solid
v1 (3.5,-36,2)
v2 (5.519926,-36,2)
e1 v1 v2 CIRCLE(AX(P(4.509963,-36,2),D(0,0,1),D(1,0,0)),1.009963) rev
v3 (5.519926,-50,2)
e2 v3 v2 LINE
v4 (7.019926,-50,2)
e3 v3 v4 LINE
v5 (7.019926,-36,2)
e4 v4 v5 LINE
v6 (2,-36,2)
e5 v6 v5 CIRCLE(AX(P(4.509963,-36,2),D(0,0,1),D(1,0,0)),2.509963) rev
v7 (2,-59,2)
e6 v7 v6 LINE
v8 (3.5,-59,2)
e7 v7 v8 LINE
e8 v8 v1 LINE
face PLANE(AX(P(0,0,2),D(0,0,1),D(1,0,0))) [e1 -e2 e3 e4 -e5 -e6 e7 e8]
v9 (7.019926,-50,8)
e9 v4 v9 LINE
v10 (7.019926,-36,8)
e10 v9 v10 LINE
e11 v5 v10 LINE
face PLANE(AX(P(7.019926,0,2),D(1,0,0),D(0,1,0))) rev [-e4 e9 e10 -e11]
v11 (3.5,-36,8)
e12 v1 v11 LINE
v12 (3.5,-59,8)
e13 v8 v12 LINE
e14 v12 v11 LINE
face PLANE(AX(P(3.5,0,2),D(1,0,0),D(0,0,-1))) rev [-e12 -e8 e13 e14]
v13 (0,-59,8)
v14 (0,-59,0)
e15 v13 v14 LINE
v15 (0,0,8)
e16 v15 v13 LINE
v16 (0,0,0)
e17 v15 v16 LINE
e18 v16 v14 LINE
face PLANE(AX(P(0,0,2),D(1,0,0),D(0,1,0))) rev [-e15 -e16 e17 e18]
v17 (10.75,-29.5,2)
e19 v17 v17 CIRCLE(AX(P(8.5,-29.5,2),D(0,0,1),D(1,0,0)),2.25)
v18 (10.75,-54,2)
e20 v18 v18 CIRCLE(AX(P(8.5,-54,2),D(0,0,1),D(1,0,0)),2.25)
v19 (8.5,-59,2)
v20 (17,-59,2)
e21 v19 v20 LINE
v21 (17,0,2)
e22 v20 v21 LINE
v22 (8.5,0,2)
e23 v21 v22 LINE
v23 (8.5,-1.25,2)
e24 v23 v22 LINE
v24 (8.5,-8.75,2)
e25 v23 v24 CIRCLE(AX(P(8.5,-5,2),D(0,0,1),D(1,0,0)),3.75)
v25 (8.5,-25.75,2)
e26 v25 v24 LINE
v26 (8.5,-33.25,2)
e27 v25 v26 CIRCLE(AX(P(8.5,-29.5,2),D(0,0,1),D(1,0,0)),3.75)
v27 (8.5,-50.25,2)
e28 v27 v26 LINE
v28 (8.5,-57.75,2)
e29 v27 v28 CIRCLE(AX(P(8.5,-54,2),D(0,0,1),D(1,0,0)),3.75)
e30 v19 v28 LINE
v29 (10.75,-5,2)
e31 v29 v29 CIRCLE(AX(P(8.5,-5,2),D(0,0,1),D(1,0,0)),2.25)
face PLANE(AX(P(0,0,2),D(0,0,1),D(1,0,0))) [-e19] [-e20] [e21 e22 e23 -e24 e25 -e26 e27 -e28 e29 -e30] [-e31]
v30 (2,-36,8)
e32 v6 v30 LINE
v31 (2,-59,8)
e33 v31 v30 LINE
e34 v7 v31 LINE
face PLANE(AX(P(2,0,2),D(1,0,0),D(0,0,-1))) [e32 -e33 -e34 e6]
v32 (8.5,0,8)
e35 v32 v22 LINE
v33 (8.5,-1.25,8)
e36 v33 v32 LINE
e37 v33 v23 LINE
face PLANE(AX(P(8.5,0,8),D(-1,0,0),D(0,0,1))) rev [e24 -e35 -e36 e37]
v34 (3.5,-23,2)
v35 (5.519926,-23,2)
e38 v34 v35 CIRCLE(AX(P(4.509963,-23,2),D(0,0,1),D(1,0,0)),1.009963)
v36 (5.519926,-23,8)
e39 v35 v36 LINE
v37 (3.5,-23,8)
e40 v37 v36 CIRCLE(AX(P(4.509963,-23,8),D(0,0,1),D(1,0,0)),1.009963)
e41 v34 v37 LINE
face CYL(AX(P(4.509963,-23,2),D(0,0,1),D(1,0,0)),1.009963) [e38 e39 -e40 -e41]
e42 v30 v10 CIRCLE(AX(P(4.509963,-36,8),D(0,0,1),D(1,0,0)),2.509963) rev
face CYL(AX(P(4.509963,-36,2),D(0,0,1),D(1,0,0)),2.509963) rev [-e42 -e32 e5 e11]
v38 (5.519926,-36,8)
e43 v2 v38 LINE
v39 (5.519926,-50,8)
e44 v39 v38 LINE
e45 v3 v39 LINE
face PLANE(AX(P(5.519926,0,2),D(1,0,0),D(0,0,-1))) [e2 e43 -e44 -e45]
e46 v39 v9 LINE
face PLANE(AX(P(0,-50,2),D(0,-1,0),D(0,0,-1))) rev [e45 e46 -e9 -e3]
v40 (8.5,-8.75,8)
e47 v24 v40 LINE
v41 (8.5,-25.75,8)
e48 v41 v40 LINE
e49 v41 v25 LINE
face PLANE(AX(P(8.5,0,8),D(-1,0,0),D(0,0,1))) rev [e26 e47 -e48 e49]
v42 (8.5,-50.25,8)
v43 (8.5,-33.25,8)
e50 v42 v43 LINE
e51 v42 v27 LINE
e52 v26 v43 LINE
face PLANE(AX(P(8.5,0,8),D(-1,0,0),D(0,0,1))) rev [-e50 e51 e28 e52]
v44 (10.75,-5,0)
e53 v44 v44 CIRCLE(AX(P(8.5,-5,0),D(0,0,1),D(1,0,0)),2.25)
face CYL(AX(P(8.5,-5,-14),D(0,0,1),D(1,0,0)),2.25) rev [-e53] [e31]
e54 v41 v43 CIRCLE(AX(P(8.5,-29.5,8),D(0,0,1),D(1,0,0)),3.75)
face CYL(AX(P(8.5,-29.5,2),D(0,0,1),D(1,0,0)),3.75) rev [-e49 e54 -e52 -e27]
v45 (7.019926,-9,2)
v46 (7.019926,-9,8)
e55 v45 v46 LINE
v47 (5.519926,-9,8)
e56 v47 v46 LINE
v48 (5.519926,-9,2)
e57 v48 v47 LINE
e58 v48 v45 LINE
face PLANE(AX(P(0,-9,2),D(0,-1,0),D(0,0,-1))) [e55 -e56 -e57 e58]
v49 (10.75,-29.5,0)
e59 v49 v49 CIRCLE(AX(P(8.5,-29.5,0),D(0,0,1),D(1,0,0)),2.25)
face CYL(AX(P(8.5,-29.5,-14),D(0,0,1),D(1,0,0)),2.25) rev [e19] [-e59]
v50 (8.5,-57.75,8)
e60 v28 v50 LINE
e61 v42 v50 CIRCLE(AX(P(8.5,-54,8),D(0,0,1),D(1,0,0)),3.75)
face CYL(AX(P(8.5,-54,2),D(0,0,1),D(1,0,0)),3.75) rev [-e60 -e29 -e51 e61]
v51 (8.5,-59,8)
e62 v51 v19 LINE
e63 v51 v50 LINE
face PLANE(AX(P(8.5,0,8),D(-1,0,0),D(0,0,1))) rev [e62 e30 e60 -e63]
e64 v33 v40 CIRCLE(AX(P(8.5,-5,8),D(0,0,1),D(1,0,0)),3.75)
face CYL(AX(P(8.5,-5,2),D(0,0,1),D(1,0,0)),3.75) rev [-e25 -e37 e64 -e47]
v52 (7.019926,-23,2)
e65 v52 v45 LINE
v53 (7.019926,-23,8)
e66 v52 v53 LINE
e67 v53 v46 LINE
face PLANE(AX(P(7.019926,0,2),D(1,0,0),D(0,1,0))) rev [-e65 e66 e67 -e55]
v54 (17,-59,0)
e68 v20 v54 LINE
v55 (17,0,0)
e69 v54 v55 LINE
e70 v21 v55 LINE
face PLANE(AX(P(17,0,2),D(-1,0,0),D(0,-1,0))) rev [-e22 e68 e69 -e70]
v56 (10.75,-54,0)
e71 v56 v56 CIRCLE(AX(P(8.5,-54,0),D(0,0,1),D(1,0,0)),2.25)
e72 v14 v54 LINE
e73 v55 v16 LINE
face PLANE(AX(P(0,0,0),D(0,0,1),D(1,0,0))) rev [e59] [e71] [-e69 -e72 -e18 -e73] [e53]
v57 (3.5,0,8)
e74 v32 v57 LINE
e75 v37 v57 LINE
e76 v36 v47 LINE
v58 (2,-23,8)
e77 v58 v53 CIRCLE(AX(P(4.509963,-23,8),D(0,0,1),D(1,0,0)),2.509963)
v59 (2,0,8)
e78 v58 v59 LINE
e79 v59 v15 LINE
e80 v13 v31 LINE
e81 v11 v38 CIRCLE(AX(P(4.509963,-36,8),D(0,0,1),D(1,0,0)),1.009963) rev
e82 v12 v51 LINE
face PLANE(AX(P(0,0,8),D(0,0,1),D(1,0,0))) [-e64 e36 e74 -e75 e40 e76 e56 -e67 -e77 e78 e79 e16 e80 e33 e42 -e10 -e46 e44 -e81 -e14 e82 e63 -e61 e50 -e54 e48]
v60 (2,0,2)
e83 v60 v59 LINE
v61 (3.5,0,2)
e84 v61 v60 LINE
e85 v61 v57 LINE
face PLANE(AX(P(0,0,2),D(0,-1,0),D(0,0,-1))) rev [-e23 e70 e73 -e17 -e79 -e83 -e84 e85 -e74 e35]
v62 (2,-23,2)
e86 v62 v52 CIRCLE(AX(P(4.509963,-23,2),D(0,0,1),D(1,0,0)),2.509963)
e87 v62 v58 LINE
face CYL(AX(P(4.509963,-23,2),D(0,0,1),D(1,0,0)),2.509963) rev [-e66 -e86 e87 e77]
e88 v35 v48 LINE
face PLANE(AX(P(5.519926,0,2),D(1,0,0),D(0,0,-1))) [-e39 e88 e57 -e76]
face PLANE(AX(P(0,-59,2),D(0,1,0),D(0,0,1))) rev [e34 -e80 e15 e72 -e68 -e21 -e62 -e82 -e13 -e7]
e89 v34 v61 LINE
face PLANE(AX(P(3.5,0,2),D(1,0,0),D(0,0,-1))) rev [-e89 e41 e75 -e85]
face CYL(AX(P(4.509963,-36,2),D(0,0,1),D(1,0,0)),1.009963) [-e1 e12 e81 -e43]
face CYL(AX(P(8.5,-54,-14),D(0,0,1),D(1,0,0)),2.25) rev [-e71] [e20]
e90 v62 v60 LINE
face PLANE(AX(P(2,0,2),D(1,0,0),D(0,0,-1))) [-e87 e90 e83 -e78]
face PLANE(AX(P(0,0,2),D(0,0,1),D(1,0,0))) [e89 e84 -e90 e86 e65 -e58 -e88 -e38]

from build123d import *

# Parameters (mm, degrees)
ESQUISSE1_W             = 17
ESQUISSE1_H             = 59
BOSS_EXTRU_1_DEPTH      = 2
ESQUISSE2_W             = 8.5
ESQUISSE2_H             = 59
BOSS_EXTRU_2_DEPTH      = 6
ESQUISSE3_W             = 1.5
ESQUISSE3_H             = 23
ESQUISSE3_H_2           = 14
ENL_V_MAT_EXTRU_1_DEPTH = 6
ESQUISSE4_R             = 2.25
ENL_V_MAT_EXTRU_4_DEPTH = 22
ESQUISSE6_R             = 3.75
ENL_V_MAT_EXTRU_5_DEPTH = 6


with BuildPart() as part:
    # Esquisse1 → Boss.-Extru.1 (new body)
    with BuildSketch(Plane.XY):
        with Locations((8.5, -29.5)):
            Rectangle(ESQUISSE1_W, ESQUISSE1_H)
    extrude(amount=BOSS_EXTRU_1_DEPTH)

    # Esquisse2 → Boss.-Extru.2 (add)
    with BuildSketch(Plane.XY.offset(2)):
        with Locations((4.25, -29.5)):
            Rectangle(ESQUISSE2_W, ESQUISSE2_H)
    extrude(amount=BOSS_EXTRU_2_DEPTH)

    # Esquisse3 → Enlèv. mat.-Extru.1 (cut)
    with BuildSketch(Plane.XY.offset(8)):
        with Locations((2.75, -47.5)):
            Rectangle(ESQUISSE3_W, ESQUISSE3_H)
        with BuildLine():
            ThreePointArc((3.5, -33.702199257), (2.408191843, -34.627967907), (2, -36))
            Line((2, -36), (3.5, -36))
            Line((3.5, -36), (3.5, -33.702199257))
        make_face()
        with BuildLine():
            Line((3.5, -33.702199257), (3.5, -36))
            ThreePointArc((3.5, -36), (4.509962751, -34.990037249), (5.519925502, -36))
            Line((5.519925502, -36), (5.519925502, -33.702199257))
            ThreePointArc((5.519925502, -33.702199257), (4.509962751, -33.490037249), (3.5, -33.702199257))
        make_face()
        with BuildLine():
            Line((5.519925502, -33.702199257), (5.519925502, -36))
            Line((5.519925502, -36), (7.019925502, -36))
            ThreePointArc((7.019925502, -36), (6.611733659, -34.627967907), (5.519925502, -33.702199257))
        make_face()
        with Locations((6.269925502, -43)):
            Rectangle(ESQUISSE3_W, ESQUISSE3_H_2)
        with Locations((6.269925502, -16)):
            Rectangle(ESQUISSE3_W, ESQUISSE3_H_2)
        with Locations((2.75, -11.5)):
            Rectangle(ESQUISSE3_W, ESQUISSE3_H)
        with BuildLine():
            Line((3.5, -23), (2, -23))
            ThreePointArc((2, -23), (2.408191843, -24.372032093), (3.5, -25.297800743))
            Line((3.5, -25.297800743), (3.5, -23))
        make_face()
        with BuildLine():
            ThreePointArc((5.519925502, -23), (4.509962751, -24.009962751), (3.5, -23))
            Line((3.5, -23), (3.5, -25.297800743))
            ThreePointArc((3.5, -25.297800743), (4.509962751, -25.509962751), (5.519925502, -25.297800743))
            Line((5.519925502, -25.297800743), (5.519925502, -23))
        make_face()
        with BuildLine():
            Line((7.019925502, -23), (5.519925502, -23))
            Line((5.519925502, -23), (5.519925502, -25.297800743))
            ThreePointArc((5.519925502, -25.297800743), (6.611733659, -24.372032093), (7.019925502, -23))
        make_face()
    extrude(amount=-ENL_V_MAT_EXTRU_1_DEPTH, mode=Mode.SUBTRACT)

    # Esquisse4 → Enlèv. mat.-Extru.4 (cut)
    with BuildSketch(Plane.XY.offset(8)):
        with Locations((8.5, -29.5)):
            Circle(ESQUISSE4_R)
        with Locations((8.5, -54)):
            Circle(ESQUISSE4_R)
        with Locations((8.5, -5)):
            Circle(ESQUISSE4_R)
    extrude(amount=-ENL_V_MAT_EXTRU_4_DEPTH, mode=Mode.SUBTRACT)

    # Esquisse6 → Enlèv. mat.-Extru.5 (cut)
    with BuildSketch(Plane.XY.offset(8)):
        with Locations((8.5, -29.5)):
            Circle(ESQUISSE6_R)
        with Locations((8.5, -5)):
            Circle(ESQUISSE6_R)
        with Locations((8.5, -54)):
            Circle(ESQUISSE6_R)
    extrude(amount=-ENL_V_MAT_EXTRU_5_DEPTH, mode=Mode.SUBTRACT)


solid = part.part
